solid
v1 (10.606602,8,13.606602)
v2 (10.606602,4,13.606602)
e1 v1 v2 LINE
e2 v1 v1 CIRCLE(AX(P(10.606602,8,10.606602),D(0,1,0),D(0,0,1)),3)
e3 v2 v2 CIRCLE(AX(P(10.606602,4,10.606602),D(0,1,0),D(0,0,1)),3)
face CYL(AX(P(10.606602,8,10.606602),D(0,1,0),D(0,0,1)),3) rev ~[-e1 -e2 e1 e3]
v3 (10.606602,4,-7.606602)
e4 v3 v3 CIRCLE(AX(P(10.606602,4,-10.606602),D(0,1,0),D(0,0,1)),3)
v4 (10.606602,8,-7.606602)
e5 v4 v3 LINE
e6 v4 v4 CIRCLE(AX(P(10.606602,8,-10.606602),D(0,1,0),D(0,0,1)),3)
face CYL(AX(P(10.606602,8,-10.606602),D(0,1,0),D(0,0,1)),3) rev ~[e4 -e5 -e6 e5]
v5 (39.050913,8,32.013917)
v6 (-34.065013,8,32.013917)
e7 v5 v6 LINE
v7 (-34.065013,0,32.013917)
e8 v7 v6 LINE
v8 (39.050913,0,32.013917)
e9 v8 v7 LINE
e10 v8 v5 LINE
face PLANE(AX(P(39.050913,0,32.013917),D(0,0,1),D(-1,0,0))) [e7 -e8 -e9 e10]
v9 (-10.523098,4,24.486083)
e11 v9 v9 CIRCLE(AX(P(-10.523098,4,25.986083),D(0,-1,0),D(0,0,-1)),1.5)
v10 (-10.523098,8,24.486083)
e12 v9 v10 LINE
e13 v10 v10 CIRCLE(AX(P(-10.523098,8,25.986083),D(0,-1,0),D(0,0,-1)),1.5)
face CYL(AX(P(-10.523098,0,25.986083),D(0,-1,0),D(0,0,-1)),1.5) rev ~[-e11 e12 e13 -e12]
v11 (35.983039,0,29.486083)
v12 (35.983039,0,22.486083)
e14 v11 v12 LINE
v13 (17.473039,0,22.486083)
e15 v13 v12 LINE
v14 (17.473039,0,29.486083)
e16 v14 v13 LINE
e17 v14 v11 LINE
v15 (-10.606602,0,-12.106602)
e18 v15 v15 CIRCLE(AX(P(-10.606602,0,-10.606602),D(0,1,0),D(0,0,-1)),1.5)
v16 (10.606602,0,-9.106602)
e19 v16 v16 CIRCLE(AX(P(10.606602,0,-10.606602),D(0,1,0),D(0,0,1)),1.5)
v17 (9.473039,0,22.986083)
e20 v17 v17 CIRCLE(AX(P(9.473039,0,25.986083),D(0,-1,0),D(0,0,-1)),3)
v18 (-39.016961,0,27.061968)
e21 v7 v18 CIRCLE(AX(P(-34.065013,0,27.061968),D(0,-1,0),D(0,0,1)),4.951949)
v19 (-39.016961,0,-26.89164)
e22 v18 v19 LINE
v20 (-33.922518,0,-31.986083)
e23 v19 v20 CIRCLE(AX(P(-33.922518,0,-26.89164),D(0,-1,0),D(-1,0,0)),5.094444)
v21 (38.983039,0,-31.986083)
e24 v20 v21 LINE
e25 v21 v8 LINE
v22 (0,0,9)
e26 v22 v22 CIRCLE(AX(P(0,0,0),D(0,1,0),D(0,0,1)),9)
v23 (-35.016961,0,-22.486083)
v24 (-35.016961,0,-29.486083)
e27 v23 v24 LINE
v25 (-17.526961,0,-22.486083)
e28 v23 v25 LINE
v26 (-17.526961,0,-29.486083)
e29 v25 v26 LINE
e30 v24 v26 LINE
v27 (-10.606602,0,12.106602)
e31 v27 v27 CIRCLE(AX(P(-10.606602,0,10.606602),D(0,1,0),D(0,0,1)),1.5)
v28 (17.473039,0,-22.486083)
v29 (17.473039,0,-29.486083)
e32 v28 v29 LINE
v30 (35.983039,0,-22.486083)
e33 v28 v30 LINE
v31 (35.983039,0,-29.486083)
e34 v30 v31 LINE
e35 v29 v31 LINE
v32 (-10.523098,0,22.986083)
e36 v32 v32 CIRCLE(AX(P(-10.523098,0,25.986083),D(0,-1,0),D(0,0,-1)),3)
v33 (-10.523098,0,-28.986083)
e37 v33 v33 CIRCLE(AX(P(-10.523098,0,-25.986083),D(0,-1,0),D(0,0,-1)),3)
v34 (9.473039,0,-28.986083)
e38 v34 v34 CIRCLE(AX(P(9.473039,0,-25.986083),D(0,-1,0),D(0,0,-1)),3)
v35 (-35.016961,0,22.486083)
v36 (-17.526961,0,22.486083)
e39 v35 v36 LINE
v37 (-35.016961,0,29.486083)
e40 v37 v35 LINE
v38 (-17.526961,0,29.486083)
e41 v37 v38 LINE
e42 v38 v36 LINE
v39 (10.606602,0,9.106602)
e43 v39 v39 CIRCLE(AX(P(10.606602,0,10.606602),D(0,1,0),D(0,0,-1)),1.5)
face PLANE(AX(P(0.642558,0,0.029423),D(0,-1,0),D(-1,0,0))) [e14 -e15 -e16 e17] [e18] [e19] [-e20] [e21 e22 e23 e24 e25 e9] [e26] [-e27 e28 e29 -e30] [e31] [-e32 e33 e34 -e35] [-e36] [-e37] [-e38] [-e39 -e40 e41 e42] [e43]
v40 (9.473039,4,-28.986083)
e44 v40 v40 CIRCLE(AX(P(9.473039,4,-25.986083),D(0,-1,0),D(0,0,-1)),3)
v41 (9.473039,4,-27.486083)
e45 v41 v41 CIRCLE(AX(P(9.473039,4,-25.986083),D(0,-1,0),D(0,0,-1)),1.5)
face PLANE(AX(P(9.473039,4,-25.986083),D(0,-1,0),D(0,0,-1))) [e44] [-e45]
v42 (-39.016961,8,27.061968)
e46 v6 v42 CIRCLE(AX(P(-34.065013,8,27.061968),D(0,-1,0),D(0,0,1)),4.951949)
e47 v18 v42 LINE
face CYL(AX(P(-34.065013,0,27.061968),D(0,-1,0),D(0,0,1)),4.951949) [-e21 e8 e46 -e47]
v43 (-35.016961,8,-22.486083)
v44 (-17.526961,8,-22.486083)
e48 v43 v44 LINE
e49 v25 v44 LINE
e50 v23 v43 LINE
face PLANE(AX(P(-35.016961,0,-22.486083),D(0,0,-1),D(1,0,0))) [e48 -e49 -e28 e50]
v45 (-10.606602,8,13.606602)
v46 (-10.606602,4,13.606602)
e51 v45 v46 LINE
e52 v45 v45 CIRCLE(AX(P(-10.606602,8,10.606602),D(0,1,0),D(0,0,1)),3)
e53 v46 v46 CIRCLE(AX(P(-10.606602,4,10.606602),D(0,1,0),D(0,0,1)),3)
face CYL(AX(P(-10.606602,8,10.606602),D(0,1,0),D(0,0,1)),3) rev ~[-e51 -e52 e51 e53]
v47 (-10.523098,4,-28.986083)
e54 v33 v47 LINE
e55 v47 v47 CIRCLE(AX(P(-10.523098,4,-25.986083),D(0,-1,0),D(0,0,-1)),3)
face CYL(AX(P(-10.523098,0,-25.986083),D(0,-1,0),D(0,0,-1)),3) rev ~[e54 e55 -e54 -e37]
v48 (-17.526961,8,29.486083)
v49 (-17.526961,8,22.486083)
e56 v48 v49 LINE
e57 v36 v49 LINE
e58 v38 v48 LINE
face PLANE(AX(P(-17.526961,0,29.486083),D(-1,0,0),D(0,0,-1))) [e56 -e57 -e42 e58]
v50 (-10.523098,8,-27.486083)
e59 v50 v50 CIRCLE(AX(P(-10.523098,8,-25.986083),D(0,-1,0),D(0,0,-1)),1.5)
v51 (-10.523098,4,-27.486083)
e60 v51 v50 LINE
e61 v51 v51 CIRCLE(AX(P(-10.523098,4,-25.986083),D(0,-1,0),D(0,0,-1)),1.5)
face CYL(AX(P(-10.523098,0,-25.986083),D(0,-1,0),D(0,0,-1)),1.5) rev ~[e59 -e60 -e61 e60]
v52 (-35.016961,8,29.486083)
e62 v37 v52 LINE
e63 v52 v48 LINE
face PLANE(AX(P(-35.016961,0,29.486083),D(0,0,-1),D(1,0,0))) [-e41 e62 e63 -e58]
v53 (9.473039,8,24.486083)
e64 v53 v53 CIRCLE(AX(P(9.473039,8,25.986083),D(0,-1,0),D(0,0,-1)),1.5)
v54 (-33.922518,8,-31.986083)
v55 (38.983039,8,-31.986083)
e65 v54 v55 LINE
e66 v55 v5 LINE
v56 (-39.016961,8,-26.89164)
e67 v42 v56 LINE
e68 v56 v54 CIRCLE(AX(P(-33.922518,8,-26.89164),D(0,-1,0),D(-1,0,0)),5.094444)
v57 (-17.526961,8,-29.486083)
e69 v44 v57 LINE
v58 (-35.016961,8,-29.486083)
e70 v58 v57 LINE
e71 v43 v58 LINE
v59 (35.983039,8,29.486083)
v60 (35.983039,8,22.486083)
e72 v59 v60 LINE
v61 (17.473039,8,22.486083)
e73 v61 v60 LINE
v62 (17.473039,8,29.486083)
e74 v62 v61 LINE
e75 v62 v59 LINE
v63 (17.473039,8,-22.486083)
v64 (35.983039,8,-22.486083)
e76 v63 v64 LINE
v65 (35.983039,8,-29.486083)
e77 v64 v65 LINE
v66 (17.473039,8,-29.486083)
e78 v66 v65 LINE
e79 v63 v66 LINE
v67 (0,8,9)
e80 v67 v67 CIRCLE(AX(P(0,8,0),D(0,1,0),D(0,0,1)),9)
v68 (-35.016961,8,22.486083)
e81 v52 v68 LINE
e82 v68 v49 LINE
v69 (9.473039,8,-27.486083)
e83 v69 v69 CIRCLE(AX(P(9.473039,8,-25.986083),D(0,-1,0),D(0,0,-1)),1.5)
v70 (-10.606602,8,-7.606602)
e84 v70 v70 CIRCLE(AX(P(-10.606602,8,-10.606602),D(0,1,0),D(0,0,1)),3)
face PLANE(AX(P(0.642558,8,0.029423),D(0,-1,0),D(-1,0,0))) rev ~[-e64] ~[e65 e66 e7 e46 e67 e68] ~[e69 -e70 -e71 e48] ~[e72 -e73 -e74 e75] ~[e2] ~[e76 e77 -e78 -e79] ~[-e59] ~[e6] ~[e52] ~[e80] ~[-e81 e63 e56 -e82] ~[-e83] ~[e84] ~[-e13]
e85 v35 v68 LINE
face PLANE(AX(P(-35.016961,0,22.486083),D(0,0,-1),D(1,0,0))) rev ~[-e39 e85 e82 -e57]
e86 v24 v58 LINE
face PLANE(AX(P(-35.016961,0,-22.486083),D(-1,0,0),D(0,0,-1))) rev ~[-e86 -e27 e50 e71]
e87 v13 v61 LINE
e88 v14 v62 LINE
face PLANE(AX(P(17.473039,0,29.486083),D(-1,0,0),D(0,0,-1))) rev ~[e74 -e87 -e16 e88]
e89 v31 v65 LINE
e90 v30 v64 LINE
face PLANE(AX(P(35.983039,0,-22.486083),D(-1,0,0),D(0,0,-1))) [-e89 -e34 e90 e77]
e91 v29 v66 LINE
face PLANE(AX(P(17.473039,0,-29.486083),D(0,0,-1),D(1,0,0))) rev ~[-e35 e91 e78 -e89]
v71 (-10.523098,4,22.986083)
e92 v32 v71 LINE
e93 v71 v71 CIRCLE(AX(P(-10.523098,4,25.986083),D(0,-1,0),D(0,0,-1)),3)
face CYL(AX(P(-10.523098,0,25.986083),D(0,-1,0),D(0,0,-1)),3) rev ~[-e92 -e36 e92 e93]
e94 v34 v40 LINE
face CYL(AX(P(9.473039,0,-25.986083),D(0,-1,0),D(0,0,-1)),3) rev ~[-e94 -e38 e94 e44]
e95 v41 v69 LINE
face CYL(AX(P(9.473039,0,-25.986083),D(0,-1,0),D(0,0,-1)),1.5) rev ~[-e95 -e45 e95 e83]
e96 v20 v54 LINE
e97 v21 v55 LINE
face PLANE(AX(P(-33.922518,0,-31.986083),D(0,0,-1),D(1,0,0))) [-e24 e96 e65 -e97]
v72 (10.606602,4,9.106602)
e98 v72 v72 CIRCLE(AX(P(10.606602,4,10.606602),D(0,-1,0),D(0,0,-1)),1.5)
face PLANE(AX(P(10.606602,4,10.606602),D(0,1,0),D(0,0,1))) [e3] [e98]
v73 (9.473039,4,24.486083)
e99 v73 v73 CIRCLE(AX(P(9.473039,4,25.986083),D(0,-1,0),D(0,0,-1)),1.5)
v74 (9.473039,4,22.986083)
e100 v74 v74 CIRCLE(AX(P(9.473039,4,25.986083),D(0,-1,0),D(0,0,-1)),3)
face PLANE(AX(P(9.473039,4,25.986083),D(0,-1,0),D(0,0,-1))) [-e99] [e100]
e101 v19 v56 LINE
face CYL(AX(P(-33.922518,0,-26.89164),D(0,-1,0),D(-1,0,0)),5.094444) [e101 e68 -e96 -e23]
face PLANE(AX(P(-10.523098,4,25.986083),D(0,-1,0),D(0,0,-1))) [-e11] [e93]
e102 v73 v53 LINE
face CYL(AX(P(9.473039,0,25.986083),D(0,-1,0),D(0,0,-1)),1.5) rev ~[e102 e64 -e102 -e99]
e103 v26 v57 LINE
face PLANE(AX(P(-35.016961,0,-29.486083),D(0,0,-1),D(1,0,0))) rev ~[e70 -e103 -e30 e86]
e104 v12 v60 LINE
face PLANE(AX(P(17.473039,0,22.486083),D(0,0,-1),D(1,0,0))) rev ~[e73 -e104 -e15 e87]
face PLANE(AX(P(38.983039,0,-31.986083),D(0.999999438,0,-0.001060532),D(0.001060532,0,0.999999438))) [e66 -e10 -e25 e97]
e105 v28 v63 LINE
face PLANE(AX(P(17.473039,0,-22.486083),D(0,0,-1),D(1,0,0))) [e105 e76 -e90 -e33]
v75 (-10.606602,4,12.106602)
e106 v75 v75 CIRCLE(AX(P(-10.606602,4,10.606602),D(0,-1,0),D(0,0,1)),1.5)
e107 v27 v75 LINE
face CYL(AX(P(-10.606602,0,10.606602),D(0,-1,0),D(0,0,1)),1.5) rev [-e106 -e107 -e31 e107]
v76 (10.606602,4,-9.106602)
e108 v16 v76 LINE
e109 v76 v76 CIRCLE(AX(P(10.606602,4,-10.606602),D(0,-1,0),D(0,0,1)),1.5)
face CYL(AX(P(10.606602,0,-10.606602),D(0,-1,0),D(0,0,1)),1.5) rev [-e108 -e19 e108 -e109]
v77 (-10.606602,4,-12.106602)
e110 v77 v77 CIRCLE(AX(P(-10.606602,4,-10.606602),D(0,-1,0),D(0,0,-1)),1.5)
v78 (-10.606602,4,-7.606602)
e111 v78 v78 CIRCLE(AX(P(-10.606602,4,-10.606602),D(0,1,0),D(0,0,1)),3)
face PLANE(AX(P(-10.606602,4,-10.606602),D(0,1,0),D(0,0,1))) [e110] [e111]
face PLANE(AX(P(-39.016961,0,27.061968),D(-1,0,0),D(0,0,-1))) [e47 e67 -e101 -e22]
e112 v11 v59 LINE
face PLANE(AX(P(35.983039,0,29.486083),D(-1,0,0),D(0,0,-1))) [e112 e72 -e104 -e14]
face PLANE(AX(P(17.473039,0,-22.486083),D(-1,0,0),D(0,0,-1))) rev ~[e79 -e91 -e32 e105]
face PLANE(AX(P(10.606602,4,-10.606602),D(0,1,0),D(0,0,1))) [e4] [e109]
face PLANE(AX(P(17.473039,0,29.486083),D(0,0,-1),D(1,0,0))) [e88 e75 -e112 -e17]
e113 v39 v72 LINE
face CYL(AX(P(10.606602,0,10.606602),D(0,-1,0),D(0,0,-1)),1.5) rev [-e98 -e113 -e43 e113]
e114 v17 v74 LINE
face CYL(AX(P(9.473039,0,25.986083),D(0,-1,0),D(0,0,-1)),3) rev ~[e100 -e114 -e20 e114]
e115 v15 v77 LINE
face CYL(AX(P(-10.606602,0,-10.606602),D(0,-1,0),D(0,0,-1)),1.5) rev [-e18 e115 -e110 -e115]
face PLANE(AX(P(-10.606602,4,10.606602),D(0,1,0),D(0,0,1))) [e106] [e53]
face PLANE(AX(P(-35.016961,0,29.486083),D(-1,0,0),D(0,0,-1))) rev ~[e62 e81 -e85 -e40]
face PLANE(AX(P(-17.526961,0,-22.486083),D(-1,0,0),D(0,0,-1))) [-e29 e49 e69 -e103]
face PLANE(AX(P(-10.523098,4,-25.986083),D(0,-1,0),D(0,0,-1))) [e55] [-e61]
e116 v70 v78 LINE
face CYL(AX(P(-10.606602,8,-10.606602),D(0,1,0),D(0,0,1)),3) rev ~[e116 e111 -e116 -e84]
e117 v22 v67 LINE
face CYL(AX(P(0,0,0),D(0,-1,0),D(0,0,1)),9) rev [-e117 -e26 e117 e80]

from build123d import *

# Parameters (mm, degrees)
SKETCH1_R           = 9
SKETCH1_R_2         = 1.5
SKETCH1_W           = 17.49
SKETCH1_H           = 7
SKETCH1_W_2         = 18.51
BOSS_EXTRUDE1_DEPTH = 8
SKETCH2_R           = 3
CUT_EXTRUDE1_DEPTH  = 4
SKETCH5_R           = 1.5
CUT_EXTRUDE3_DEPTH  = 52.125968688
SKETCH5_3_R         = 3
SKETCH5_3_R_2       = 1.5
CUT_EXTRUDE4_DEPTH  = 4


with BuildPart() as part:
    # Sketch1 → Boss-Extrude1 (new body)
    with BuildSketch(Plane(origin=(0, 0, 0), x_dir=(1, 0, 0), z_dir=(0, 1, 0))):
        with BuildLine():
            Line((-33.922517503, 31.986083161), (38.983038853, 31.986083161))
            Line((38.983038853, 31.986083161), (39.05091296, -32.013916839))
            Line((39.05091296, -32.013916839), (-34.065012631, -32.013916839))
            ThreePointArc((-34.065012631, -32.013916839), (-37.566569007, -30.563524698), (-39.016961147, -27.061968322))
            Line((-39.016961147, -27.061968322), (-39.016961147, 26.891639518))
            ThreePointArc((-39.016961147, 26.891639518), (-37.52483315, 30.493955165), (-33.922517503, 31.986083161))
        make_face()
        Circle(SKETCH1_R, mode=Mode.SUBTRACT)
        with Locations((10.606601718, 10.606601718)):
            Circle(SKETCH1_R_2, mode=Mode.SUBTRACT)
        with Locations((-10.606601718, 10.606601718)):
            Circle(SKETCH1_R_2, mode=Mode.SUBTRACT)
        with Locations((10.606601718, -10.606601718)):
            Circle(SKETCH1_R_2, mode=Mode.SUBTRACT)
        with Locations((-10.606601718, -10.606601718)):
            Circle(SKETCH1_R_2, mode=Mode.SUBTRACT)
        with Locations((-26.271961147, 25.986083161)):
            Rectangle(SKETCH1_W, SKETCH1_H, mode=Mode.SUBTRACT)
        with Locations((26.728038853, 25.986083161)):
            Rectangle(SKETCH1_W_2, SKETCH1_H, mode=Mode.SUBTRACT)
        with Locations((26.728038853, -25.986083161)):
            Rectangle(SKETCH1_W_2, SKETCH1_H, mode=Mode.SUBTRACT)
        with Locations((-26.271961147, -25.986083161)):
            Rectangle(SKETCH1_W, SKETCH1_H, mode=Mode.SUBTRACT)
    extrude(amount=BOSS_EXTRUDE1_DEPTH)

    # Sketch2 → Cut-Extrude1 (cut)
    with BuildSketch(Plane(origin=(0, 8, 0), x_dir=(1, 0, 0), z_dir=(0, 1, 0))):
        with Locations((10.606601718, 10.606601718)):
            Circle(SKETCH2_R)
        with Locations((10.606601718, -10.606601718)):
            Circle(SKETCH2_R)
        with Locations((-10.606601718, -10.606601718)):
            Circle(SKETCH2_R)
        with Locations((-10.606601718, 10.606601718)):
            Circle(SKETCH2_R)
    extrude(amount=-CUT_EXTRUDE1_DEPTH, mode=Mode.SUBTRACT)

    # Sketch5 → Cut-Extrude3 (cut, through all)
    with BuildSketch(Plane.XZ):
        with Locations((-10.52309756, 25.986083161)):
            Circle(SKETCH5_R)
        with Locations((9.473038853, 25.986083161)):
            Circle(SKETCH5_R)
        with Locations((9.473038853, -25.986083161)):
            Circle(SKETCH5_R)
        with Locations((-10.52309756, -25.986083161)):
            Circle(SKETCH5_R)
    extrude(amount=-CUT_EXTRUDE3_DEPTH, mode=Mode.SUBTRACT)

    # Sketch5<3> → Cut-Extrude4 (cut)
    # profile 1 of 4: a face of its own
    with BuildSketch(Plane.XZ):
        with Locations((-10.52309756, 25.986083161)):
            Circle(SKETCH5_3_R)
        with Locations((-10.52309756, 25.986083161)):
            Circle(SKETCH5_3_R_2, mode=Mode.SUBTRACT)
    # profile 2 of 4: a face of its own
    with BuildSketch(Plane.XZ):
        with Locations((9.473038853, 25.986083161)):
            Circle(SKETCH5_3_R)
        with Locations((9.473038853, 25.986083161)):
            Circle(SKETCH5_3_R_2, mode=Mode.SUBTRACT)
    # profile 3 of 4: a face of its own
    with BuildSketch(Plane.XZ):
        with Locations((9.473038853, -25.986083161)):
            Circle(SKETCH5_3_R)
        with Locations((9.473038853, -25.986083161)):
            Circle(SKETCH5_3_R_2, mode=Mode.SUBTRACT)
    # profile 4 of 4: a face of its own
    with BuildSketch(Plane.XZ):
        with Locations((-10.52309756, -25.986083161)):
            Circle(SKETCH5_3_R)
        with Locations((-10.52309756, -25.986083161)):
            Circle(SKETCH5_3_R_2, mode=Mode.SUBTRACT)
    extrude(amount=-CUT_EXTRUDE4_DEPTH, mode=Mode.SUBTRACT)


solid = part.part
